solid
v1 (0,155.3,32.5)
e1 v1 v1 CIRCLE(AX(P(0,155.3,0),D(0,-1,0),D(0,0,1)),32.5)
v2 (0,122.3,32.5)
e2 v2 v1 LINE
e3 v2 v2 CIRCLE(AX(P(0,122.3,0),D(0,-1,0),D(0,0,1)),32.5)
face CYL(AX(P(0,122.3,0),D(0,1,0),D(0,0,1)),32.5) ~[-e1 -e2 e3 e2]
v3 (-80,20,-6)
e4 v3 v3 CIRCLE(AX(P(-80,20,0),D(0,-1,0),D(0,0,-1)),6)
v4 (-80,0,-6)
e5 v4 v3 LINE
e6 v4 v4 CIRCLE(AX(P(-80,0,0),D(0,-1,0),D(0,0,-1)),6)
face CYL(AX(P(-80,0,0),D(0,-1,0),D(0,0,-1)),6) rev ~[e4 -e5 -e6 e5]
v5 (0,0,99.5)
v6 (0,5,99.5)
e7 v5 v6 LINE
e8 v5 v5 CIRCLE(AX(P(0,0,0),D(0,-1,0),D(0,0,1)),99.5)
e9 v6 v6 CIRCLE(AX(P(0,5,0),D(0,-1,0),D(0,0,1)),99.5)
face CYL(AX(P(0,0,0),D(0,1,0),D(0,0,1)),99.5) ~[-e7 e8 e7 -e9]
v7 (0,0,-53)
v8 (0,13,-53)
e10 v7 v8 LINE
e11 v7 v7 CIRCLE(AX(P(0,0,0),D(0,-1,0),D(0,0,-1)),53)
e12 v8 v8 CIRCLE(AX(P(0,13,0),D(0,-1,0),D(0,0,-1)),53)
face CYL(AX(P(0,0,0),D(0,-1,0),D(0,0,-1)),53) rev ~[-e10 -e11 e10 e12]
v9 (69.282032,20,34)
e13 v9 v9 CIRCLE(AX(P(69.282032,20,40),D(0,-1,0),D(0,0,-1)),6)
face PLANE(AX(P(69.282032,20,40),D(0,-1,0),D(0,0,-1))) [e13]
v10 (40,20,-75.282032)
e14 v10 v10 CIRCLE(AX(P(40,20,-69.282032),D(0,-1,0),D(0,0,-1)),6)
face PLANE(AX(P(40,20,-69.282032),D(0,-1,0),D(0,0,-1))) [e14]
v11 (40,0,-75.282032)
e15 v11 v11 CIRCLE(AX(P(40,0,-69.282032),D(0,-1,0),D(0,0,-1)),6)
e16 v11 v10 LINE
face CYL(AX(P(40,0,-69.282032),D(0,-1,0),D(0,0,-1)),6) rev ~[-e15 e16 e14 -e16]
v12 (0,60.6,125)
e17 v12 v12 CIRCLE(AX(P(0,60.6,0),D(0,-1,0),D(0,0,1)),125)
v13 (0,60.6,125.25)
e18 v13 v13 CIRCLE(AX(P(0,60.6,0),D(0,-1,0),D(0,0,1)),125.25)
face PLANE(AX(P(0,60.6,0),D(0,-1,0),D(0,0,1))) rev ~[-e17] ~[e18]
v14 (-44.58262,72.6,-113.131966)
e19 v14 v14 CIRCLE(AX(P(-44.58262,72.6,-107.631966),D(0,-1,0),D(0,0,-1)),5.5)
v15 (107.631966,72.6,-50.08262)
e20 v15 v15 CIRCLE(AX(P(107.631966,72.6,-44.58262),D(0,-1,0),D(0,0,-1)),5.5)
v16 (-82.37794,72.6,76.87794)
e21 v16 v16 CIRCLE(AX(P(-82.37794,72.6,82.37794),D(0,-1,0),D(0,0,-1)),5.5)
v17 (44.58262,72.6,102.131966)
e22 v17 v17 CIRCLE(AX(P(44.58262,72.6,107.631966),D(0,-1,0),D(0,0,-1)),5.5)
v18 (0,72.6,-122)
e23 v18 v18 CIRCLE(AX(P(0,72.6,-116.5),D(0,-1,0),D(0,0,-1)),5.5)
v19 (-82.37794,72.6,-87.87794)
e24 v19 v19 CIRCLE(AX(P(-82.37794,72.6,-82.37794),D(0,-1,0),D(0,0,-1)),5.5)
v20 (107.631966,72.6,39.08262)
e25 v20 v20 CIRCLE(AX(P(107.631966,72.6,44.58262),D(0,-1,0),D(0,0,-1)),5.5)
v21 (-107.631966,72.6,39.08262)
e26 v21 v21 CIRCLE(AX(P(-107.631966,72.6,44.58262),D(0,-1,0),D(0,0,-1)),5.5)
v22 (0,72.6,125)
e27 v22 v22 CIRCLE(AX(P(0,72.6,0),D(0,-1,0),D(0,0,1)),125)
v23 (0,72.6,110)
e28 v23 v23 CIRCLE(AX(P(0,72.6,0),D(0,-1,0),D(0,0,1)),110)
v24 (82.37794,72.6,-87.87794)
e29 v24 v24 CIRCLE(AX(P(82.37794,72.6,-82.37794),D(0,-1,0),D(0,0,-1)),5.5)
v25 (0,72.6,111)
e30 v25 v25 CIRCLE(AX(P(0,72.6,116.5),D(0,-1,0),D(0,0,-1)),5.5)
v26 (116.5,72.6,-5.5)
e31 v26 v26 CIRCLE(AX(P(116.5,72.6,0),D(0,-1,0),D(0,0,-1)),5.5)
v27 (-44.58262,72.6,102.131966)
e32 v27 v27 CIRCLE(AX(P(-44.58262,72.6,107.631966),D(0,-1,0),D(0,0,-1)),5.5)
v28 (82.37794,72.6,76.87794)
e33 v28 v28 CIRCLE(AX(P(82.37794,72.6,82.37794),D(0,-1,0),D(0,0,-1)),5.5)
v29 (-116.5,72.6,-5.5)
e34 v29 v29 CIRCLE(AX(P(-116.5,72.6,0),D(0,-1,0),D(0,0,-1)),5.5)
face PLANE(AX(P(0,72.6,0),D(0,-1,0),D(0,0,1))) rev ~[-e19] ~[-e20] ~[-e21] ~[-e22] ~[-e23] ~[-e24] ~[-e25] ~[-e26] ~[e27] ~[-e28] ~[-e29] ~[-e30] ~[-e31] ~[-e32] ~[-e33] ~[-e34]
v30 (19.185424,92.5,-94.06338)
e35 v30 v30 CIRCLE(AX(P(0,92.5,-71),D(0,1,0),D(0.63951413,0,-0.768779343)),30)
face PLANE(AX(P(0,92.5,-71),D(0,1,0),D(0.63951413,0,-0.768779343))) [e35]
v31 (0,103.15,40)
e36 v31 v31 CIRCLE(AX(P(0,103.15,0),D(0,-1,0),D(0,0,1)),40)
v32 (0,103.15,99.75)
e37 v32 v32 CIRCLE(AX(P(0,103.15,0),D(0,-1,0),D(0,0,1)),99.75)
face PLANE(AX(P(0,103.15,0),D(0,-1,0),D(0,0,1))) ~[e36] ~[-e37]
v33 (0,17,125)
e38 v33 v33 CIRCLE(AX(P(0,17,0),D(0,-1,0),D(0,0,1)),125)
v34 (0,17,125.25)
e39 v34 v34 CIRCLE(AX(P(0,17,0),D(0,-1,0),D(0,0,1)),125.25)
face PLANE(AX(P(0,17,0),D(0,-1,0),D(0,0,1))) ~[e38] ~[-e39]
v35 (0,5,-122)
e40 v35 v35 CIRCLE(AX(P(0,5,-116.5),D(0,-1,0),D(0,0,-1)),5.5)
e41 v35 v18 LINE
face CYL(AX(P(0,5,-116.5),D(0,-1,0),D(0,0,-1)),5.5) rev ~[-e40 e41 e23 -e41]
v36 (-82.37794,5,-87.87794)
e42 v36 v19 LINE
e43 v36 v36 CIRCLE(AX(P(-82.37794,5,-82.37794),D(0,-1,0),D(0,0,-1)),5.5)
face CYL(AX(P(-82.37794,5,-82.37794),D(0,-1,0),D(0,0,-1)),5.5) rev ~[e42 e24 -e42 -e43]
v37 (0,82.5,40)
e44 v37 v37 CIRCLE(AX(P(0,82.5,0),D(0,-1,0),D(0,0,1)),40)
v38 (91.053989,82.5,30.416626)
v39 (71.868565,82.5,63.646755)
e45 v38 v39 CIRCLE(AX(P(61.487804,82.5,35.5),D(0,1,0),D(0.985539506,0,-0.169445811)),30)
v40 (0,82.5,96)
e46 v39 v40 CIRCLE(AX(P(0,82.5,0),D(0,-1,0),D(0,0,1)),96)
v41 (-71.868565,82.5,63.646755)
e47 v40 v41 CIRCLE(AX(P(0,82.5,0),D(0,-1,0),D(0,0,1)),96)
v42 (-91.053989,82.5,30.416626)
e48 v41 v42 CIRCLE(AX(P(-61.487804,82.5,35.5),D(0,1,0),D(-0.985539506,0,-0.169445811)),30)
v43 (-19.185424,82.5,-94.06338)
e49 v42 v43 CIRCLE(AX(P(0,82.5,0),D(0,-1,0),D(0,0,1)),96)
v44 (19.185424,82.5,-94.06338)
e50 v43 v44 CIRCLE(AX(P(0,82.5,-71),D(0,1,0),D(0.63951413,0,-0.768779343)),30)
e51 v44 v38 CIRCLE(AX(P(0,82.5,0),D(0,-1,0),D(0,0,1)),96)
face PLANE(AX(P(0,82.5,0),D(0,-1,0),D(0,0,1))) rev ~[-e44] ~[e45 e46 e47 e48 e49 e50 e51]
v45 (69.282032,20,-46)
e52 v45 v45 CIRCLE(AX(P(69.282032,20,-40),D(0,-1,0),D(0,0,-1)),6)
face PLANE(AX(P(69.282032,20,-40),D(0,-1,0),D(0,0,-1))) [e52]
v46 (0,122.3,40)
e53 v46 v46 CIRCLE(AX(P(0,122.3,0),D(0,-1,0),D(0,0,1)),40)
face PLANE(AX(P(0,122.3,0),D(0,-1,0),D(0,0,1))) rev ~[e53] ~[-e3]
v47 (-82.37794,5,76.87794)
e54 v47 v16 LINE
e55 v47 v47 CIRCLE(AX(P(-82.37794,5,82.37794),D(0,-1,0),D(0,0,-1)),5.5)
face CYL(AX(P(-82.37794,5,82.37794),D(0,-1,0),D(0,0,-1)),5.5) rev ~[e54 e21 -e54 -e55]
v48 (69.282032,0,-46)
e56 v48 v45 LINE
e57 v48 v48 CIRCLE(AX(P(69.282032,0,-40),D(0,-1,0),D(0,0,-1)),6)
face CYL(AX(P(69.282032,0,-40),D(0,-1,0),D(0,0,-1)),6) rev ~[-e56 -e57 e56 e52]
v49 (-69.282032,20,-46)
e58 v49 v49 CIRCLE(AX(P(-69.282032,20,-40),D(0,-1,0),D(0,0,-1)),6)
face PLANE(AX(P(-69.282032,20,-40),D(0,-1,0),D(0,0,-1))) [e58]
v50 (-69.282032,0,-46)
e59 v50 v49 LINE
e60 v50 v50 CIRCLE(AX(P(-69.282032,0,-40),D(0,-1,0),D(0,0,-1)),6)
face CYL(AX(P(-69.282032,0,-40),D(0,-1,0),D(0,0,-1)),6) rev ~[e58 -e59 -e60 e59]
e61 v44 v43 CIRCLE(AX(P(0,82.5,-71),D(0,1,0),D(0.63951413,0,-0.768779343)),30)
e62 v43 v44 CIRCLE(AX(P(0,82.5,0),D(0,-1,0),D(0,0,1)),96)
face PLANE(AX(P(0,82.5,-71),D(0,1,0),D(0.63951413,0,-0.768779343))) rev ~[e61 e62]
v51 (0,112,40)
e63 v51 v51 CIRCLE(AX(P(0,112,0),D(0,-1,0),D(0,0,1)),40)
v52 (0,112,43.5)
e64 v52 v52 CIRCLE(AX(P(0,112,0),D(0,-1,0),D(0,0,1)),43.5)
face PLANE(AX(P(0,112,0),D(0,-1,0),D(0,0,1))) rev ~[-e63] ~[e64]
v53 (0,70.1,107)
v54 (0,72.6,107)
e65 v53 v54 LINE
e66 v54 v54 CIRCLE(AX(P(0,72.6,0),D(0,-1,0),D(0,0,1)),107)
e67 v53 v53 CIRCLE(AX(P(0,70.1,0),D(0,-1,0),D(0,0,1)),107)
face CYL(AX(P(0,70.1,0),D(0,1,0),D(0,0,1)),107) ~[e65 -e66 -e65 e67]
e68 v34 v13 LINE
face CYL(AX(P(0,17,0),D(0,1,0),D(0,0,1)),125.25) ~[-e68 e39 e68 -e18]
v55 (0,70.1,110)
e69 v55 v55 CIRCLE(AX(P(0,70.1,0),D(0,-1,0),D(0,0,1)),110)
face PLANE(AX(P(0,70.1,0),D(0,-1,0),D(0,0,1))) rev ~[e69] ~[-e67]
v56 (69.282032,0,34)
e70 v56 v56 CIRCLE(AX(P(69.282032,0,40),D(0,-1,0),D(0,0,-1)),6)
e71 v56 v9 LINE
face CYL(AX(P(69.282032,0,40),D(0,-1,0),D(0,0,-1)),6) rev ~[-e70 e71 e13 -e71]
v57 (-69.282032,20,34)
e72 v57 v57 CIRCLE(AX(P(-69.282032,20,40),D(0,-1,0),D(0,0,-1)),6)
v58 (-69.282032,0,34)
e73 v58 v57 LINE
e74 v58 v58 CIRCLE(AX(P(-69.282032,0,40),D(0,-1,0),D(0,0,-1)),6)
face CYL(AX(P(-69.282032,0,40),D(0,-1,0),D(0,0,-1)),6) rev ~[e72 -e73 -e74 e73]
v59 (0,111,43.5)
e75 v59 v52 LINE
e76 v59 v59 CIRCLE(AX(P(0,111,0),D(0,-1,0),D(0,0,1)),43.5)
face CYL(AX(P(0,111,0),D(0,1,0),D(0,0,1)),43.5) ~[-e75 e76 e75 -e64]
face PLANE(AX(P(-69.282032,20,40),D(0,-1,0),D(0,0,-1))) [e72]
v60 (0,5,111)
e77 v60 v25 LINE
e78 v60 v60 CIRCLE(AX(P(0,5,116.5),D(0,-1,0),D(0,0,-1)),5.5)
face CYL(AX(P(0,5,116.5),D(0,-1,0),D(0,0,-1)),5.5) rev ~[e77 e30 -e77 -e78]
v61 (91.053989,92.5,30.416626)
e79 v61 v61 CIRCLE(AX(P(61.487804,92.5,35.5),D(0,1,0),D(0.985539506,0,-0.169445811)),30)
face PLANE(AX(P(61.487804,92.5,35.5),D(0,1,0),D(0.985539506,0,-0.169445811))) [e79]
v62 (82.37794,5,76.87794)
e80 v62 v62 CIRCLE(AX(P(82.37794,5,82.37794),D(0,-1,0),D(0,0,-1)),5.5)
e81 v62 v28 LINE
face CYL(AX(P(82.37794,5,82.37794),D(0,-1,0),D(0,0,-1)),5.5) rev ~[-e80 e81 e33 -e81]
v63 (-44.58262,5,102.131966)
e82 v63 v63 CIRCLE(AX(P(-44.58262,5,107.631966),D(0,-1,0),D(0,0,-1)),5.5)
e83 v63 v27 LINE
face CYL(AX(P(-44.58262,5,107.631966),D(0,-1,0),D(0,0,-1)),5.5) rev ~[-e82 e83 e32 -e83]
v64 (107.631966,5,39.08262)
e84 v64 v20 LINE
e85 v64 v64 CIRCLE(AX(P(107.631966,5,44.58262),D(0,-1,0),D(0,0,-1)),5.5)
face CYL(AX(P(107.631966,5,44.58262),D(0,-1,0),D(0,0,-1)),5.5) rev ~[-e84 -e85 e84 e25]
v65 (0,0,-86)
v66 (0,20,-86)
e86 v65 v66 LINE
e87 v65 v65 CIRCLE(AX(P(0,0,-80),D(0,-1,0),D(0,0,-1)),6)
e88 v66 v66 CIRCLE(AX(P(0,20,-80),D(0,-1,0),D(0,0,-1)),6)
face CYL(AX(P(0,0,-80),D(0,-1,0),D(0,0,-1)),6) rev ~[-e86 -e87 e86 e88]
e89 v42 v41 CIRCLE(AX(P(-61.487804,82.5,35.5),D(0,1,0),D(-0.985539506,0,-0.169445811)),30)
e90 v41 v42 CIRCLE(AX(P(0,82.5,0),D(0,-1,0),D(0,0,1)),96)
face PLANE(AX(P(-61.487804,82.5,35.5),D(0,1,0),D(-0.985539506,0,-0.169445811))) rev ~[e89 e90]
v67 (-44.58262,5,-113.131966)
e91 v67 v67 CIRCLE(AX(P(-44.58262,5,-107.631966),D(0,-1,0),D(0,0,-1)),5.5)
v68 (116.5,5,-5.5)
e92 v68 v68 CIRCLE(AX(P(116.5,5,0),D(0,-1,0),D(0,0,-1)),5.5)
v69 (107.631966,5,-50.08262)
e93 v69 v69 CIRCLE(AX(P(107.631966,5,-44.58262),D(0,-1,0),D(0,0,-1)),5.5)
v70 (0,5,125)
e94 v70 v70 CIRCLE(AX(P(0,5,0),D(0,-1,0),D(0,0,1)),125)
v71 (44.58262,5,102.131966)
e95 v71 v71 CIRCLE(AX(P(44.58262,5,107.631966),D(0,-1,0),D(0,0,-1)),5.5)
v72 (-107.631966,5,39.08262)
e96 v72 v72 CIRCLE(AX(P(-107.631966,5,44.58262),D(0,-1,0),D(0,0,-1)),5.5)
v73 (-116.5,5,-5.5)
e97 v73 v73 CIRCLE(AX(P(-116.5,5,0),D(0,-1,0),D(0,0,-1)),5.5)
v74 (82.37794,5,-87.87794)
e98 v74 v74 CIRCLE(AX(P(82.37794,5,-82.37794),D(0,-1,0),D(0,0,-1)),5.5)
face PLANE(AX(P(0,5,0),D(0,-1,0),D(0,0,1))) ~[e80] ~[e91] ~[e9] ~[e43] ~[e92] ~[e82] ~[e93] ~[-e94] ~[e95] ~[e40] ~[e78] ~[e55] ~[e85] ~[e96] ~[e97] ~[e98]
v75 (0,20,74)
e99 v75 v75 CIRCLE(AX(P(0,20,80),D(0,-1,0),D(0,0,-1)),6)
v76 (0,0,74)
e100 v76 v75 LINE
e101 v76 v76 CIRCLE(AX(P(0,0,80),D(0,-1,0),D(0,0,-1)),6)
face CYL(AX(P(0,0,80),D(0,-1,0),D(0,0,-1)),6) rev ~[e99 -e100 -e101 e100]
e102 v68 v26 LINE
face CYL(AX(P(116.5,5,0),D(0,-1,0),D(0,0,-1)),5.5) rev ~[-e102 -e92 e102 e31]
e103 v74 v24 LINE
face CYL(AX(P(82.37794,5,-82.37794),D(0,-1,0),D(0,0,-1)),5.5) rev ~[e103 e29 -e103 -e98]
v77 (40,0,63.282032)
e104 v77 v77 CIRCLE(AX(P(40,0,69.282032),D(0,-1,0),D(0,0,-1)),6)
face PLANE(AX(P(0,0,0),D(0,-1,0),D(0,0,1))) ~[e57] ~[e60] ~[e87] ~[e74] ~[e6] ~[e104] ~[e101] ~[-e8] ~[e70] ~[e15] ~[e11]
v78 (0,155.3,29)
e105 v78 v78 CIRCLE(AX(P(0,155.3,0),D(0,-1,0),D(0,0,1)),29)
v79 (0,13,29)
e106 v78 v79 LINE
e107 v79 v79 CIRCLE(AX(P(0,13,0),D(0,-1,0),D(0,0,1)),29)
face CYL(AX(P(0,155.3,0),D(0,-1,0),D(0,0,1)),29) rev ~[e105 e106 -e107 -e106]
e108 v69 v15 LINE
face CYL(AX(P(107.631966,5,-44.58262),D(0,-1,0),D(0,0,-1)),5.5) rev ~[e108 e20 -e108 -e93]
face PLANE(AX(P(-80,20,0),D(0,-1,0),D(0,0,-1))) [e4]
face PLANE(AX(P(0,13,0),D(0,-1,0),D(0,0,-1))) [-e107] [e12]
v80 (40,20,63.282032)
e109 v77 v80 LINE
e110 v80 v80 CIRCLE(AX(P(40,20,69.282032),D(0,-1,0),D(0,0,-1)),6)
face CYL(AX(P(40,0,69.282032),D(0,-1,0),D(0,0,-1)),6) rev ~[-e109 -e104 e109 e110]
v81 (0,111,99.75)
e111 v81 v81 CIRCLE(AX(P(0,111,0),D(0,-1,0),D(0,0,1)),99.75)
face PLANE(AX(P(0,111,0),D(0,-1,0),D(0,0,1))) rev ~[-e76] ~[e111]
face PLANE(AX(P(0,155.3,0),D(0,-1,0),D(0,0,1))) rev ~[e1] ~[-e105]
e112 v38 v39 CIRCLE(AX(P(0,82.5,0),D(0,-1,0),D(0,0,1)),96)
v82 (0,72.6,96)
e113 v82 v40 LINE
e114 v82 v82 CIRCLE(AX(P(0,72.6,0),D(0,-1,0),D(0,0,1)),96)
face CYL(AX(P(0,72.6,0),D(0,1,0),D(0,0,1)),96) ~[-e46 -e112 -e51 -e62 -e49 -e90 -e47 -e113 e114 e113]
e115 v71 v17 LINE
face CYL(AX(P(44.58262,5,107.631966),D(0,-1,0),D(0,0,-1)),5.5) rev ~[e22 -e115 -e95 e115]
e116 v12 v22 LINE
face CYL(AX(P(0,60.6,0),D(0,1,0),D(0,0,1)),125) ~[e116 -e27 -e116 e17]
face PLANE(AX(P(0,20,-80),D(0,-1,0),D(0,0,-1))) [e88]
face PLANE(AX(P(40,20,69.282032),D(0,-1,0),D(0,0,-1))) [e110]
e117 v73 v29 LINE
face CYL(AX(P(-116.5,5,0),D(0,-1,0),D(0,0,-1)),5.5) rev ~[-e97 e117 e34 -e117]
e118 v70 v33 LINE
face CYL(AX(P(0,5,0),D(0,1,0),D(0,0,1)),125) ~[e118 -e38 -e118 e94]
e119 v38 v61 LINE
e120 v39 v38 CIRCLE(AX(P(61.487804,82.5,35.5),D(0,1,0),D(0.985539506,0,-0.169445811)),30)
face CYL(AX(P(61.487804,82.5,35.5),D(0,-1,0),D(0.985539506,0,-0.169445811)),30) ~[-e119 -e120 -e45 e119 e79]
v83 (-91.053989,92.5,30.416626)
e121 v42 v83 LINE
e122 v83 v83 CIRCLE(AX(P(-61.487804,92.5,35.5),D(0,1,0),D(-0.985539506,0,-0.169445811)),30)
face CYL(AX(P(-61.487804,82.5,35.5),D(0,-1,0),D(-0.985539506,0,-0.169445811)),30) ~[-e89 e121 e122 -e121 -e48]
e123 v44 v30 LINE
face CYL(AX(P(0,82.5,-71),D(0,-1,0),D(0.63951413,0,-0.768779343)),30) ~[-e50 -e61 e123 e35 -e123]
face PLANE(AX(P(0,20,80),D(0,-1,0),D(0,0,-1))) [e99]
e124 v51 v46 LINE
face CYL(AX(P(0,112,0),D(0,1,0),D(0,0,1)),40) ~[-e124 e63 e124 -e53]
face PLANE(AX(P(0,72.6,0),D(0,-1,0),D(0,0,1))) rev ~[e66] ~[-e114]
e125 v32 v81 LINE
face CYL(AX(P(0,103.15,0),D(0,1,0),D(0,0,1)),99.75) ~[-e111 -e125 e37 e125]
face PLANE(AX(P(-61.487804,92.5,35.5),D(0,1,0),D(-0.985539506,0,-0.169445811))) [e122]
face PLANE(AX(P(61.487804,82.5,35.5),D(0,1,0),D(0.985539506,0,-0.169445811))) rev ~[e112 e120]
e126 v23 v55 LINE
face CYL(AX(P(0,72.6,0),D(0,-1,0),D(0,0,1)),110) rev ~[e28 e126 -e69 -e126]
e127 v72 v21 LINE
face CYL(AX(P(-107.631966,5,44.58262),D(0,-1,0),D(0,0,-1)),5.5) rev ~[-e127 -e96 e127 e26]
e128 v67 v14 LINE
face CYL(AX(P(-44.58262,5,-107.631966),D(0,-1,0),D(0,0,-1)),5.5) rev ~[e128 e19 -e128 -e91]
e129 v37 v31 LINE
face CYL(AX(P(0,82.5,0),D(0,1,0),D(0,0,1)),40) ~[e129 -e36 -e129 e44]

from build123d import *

# Parameters (mm, degrees)
SKETCH2_R           = 53
CUT_EXTRUDE1_DEPTH  = 13
SKETCH3_R           = 5.5
CUT_EXTRUDE2_DEPTH  = 233.304143312
SKETCH4_R           = 6
CUT_EXTRUDE3_DEPTH  = 20
SKETCH5_R           = 30
BOSS_EXTRUDE1_DEPTH = 10


with BuildPart() as part:
    # Sketch1 → Revolve1 (revolve)
    with BuildSketch(Plane(origin=(0, 0, 0), x_dir=(0, 0, -1), z_dir=(1, 0, 0))):
        Polygon((-29, 0), (-99.5, 0), (-99.5, 5), (-125, 5), (-125, 17), (-125.25, 17), (-125.25, 60.6), (-125, 60.6), (-125, 72.6), (-110, 72.6), (-110, 70.1), (-107, 70.1), (-107, 72.6), (-96, 72.6), (-96, 82.5), (-40, 82.5), (-40, 103.15), (-99.75, 103.15), (-99.75, 111), (-43.5, 111), (-43.5, 112), (-40, 112), (-40, 122.3), (-32.5, 122.3), (-32.5, 155.3), (-29, 155.3), align=None)
    revolve(axis=Axis((0, 155.3, 0), (0, -1, 0)))

    # Sketch2 → Cut-Extrude1 (cut)
    with BuildSketch(Plane.XZ):
        with Locations(Location((0, 0, 0), (0, 0, 270))):
            Circle(SKETCH2_R)
    extrude(amount=-CUT_EXTRUDE1_DEPTH, mode=Mode.SUBTRACT)

    # Sketch3 → Cut-Extrude2 (cut, through all)
    with BuildSketch(Plane.XZ.offset(-5)):
        with Locations(Location((-116.5, 0, 0), (0, 0, 270))):
            Circle(SKETCH3_R)
        with Locations(Location((-107.631965538, 44.582619871, 0), (0, 0, 270))):
            Circle(SKETCH3_R)
        with Locations(Location((-82.377940008, 82.377940008, 0), (0, 0, 270))):
            Circle(SKETCH3_R)
        with Locations(Location((-44.582619871, 107.631965538, 0), (0, 0, 270))):
            Circle(SKETCH3_R)
        with Locations(Location((0, 116.5, 0), (0, 0, 270))):
            Circle(SKETCH3_R)
        with Locations(Location((44.582619871, 107.631965538, 0), (0, 0, 270))):
            Circle(SKETCH3_R)
        with Locations(Location((82.377940008, 82.377940008, 0), (0, 0, 270))):
            Circle(SKETCH3_R)
        with Locations(Location((107.631965538, 44.582619871, 0), (0, 0, 270))):
            Circle(SKETCH3_R)
        with Locations(Location((116.5, 0, 0), (0, 0, 270))):
            Circle(SKETCH3_R)
        with Locations(Location((107.631965538, -44.582619871, 0), (0, 0, 270))):
            Circle(SKETCH3_R)
        with Locations(Location((82.377940008, -82.377940008, 0), (0, 0, 270))):
            Circle(SKETCH3_R)
        with Locations(Location((0, -116.5, 0), (0, 0, 270))):
            Circle(SKETCH3_R)
        with Locations(Location((-44.582619871, -107.631965538, 0), (0, 0, 270))):
            Circle(SKETCH3_R)
        with Locations(Location((-82.377940008, -82.377940008, 0), (0, 0, 270))):
            Circle(SKETCH3_R)
    extrude(amount=-CUT_EXTRUDE2_DEPTH, mode=Mode.SUBTRACT)

    # Sketch4 → Cut-Extrude3 (cut)
    with BuildSketch(Plane(origin=(0, 0, 0), x_dir=(-1, 0, 0), z_dir=(0, -1, 0))):
        with Locations(Location((80, 0, 0), (0, 0, 90))):
            Circle(SKETCH4_R)
        with Locations(Location((69.282032303, -40, 0), (0, 0, 90))):
            Circle(SKETCH4_R)
        with Locations(Location((0, -80, 0), (0, 0, 90))):
            Circle(SKETCH4_R)
        with Locations(Location((-40, -69.282032303, 0), (0, 0, 90))):
            Circle(SKETCH4_R)
        with Locations(Location((-69.282032303, -40, 0), (0, 0, 90))):
            Circle(SKETCH4_R)
        with Locations(Location((-69.282032303, 40, 0), (0, 0, 90))):
            Circle(SKETCH4_R)
        with Locations(Location((-40, 69.282032303, 0), (0, 0, 90))):
            Circle(SKETCH4_R)
        with Locations(Location((0, 80, 0), (0, 0, 90))):
            Circle(SKETCH4_R)
        with Locations(Location((69.282032303, 40, 0), (0, 0, 90))):
            Circle(SKETCH4_R)
    extrude(amount=-CUT_EXTRUDE3_DEPTH, mode=Mode.SUBTRACT)

    # Sketch5 → Boss-Extrude1 (add)
    with BuildSketch(Plane(origin=(0, 82.5, 0), x_dir=(1, 0, 0), z_dir=(0, 1, 0))):
        with Locations(Location((0, 71, 0), (0, 0, 50.244401083))):
            Circle(SKETCH5_R)
        with Locations(Location((61.487803669, -35.5, 0), (0, 0, 9.755598917))):
            Circle(SKETCH5_R)
        with Locations(Location((-61.487803669, -35.5, 0), (0, 0, 170.244401083))):
            Circle(SKETCH5_R)
    extrude(amount=BOSS_EXTRUDE1_DEPTH)


solid = part.part
